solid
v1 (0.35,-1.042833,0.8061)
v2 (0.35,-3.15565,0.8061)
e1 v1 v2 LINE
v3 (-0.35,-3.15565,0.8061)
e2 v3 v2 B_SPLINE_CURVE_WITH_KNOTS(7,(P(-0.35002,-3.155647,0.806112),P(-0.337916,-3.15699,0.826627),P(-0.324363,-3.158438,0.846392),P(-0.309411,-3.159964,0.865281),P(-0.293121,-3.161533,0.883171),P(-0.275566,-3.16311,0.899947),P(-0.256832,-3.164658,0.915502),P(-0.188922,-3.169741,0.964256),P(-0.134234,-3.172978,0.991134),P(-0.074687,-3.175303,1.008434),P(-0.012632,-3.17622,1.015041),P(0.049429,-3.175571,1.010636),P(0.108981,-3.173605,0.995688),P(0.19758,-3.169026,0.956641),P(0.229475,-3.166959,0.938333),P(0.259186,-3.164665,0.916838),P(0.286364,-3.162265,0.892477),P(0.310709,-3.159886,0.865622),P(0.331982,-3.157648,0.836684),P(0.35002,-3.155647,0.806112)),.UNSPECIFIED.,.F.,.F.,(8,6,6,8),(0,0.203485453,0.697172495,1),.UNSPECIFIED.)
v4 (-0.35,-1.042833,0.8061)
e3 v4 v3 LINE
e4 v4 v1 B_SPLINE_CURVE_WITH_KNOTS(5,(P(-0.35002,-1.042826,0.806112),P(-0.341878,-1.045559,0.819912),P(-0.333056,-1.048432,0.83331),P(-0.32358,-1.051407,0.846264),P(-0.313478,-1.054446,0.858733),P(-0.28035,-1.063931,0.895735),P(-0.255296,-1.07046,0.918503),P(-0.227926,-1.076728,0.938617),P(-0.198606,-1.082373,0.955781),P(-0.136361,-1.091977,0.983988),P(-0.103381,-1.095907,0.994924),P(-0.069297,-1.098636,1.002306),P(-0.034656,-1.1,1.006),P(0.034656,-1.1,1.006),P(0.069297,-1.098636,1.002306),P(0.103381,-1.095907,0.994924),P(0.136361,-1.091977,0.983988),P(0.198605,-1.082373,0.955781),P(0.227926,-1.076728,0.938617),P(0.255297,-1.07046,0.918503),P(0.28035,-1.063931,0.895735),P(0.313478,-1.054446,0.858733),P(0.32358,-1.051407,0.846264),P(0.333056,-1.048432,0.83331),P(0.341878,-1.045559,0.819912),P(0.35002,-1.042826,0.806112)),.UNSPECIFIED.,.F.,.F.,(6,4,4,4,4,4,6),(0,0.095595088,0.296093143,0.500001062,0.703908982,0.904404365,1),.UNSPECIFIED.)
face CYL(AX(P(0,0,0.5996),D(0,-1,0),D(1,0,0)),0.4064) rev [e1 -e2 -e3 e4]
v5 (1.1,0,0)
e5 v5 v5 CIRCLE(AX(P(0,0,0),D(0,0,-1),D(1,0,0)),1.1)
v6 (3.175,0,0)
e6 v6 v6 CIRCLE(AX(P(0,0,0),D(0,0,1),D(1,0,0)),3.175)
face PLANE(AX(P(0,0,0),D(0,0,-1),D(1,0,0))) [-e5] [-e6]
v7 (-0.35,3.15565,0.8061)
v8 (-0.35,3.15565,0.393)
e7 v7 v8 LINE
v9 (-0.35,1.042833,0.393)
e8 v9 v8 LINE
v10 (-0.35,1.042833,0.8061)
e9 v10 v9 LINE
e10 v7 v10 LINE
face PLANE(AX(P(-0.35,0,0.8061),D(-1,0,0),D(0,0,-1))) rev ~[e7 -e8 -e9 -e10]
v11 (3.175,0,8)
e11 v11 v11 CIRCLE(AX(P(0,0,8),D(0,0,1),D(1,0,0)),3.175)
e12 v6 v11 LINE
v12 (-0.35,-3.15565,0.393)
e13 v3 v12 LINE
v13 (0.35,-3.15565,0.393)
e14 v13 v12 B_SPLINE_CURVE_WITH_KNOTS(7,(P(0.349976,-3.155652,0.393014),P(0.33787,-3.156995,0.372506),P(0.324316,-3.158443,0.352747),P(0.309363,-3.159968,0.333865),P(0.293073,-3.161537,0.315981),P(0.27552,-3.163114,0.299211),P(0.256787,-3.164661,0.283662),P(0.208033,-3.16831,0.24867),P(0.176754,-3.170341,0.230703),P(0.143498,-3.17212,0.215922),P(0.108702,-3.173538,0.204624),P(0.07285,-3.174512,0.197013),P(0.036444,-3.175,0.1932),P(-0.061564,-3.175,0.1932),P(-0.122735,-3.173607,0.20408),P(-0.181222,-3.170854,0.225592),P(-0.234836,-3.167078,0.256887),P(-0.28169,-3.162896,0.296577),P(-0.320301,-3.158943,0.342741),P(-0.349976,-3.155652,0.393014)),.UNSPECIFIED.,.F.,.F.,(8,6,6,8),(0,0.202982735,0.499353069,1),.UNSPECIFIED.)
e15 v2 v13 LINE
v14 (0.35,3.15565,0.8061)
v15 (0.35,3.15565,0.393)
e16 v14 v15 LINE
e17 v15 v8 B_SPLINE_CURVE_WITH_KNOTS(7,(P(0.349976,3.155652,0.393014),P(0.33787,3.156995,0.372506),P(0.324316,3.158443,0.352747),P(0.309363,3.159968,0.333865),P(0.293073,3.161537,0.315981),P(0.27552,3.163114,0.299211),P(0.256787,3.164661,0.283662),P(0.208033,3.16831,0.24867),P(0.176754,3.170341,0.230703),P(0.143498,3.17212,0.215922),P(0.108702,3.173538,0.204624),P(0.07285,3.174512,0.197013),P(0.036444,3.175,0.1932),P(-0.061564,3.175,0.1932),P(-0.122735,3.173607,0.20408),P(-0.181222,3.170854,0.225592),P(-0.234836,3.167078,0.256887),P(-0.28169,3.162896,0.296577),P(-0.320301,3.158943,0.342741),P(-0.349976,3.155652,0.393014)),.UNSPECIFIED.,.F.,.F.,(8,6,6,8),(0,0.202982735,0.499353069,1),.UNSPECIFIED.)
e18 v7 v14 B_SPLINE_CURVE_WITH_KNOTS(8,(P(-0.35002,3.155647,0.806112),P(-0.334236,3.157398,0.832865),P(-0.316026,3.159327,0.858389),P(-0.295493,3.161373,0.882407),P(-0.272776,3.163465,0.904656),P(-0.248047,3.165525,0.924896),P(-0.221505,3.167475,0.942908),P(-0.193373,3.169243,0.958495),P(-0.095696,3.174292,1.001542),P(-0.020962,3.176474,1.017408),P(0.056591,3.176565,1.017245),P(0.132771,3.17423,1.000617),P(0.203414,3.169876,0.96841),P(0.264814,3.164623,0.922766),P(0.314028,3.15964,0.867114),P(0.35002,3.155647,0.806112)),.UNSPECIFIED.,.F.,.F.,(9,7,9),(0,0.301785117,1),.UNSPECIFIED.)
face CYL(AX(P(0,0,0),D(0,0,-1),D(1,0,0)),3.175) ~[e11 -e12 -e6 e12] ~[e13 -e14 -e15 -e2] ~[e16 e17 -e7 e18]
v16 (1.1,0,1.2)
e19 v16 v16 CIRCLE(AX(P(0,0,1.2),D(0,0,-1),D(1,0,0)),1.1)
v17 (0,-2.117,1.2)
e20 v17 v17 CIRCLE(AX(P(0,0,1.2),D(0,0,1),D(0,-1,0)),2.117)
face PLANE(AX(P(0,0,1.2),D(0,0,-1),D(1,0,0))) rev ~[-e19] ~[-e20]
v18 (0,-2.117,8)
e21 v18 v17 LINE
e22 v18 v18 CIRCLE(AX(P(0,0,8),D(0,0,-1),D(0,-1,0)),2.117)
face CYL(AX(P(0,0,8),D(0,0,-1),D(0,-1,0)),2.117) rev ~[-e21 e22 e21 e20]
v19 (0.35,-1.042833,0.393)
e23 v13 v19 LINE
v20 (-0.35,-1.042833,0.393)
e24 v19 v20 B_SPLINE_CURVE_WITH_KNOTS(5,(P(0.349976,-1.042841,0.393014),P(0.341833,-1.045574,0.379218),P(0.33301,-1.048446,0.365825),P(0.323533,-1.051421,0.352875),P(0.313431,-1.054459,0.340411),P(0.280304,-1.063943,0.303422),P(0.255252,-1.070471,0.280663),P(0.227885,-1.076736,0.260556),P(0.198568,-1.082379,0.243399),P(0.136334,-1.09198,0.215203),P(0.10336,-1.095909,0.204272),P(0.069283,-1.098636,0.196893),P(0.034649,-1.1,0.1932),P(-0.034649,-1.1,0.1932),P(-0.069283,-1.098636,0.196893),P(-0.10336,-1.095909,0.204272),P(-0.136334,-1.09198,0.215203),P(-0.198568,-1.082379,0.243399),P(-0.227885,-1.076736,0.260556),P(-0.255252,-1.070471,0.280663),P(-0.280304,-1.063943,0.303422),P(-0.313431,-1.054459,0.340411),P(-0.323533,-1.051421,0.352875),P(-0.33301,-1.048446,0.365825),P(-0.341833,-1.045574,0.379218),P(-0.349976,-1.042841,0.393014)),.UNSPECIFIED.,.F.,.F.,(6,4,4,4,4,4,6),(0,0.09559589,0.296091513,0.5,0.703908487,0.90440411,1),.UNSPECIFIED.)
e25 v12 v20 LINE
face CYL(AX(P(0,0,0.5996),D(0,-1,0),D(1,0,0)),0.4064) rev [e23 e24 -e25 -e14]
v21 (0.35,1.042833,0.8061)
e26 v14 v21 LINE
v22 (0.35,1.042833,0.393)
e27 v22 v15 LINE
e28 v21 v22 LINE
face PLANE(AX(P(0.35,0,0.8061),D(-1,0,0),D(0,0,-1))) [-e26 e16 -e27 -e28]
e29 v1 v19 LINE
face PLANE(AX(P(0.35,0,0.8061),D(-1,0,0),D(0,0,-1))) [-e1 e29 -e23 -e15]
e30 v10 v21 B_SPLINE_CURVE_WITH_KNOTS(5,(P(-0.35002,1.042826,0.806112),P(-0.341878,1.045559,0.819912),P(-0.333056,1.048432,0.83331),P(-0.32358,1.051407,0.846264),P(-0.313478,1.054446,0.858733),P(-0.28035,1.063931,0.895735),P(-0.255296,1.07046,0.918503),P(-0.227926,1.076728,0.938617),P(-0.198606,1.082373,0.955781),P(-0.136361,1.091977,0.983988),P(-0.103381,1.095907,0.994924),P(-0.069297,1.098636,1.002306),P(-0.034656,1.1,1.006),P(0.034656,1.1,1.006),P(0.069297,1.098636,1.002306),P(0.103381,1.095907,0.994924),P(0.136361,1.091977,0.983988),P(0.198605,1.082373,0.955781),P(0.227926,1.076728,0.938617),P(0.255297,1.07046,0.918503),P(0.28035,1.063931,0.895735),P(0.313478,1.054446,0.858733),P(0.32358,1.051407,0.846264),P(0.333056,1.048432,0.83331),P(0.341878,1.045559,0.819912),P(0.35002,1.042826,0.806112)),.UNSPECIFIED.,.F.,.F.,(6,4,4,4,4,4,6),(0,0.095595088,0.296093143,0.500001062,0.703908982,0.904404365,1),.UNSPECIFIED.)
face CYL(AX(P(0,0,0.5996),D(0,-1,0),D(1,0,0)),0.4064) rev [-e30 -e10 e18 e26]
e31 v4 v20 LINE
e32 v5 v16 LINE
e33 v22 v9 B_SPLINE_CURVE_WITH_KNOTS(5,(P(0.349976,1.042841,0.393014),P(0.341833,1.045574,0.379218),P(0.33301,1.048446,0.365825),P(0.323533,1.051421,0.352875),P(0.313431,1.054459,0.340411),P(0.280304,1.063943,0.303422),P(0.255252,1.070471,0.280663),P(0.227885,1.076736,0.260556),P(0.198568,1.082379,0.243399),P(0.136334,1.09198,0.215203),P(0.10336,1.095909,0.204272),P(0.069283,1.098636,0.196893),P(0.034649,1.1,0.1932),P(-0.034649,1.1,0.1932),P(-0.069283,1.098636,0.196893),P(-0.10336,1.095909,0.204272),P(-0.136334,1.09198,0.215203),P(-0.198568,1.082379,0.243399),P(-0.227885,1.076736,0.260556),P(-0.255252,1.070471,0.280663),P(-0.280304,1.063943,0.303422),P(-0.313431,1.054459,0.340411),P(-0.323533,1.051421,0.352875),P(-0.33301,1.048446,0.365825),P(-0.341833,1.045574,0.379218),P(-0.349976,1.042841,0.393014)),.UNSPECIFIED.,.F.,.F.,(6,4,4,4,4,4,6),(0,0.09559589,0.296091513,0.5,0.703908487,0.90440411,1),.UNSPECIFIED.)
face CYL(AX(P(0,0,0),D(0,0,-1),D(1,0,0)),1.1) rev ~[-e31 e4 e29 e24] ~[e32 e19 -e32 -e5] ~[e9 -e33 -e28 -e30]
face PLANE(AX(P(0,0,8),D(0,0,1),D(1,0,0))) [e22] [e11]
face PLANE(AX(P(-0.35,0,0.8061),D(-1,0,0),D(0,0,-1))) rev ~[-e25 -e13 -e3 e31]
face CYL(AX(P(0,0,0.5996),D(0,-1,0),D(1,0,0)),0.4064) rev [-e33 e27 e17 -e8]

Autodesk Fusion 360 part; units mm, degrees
sketch "Sketch1" plane through (0, 0, 0) normal (0, 0, 1) x (1, 0, 0)
  circle A0 centre (0, 0) radius 3.175
  dimension "d1" = 6.35
extrude "Extrude1" add sketch "Sketch1" along normal blind 8
sketch "Sketch2" plane through (0, 0, 8) normal (0, 0, 1) x (-1, 0, 0)
  circle A0 centre (0, 0) radius 3.175
  circle A1 centre (0, 0) radius 2
hole "Hole1" at (0, 0, 8) direction (0, 0, -1) diameter 4.234 depth 8 tip angle 180
thread "Thread1" "ISO Metric profile 5.0 M5x0.8 6H" major diameter 5.12 minor diameter 4.234 pitch 0.8 angle 60 resizes the face on face at (0.2108, -2.1065, 5.3333) from (0, 0, 8) to (0, 0, 1.5)
sketch "Sketch4" plane through (0, 0, 0) normal (1, 0, 0) x (0, 1, 0)
  line L0 (3.175, 8) -> (-3.175, 8)
sketch "Sketch5" plane through (0, 0, 0) normal (0, 0, -1) x (1, 0, 0)
  circle A0 centre (0, 0) radius 2.117
  circle A1 centre (0, 0) radius 3.175
  circle A2 centre (0, 0) radius 3.5
  circle A3 centre (0, 0) radius 2.117
  circle A4 centre (0, 0) radius 1.1
  dimension "d17" = 7
  dimension "d18" = 4.234
  dimension "d19" = 2.2
extrude "Extrude3" add sketch "Sketch5" against normal blind 1.2 contours A0 A3
sketch "Sketch3" plane through (0, 0, 0) normal (0, 1, 0) x (1, 0, 0)
  line L0 (-0.5, -0.1) -> (0.5, -0.1)
  line L1 (0.5, -0.1) -> (0.5, -1.1)
  line L2 (0.5, -1.1) -> (-0.5, -1.1)
  line L3 (-0.5, -1.1) -> (-0.5, -0.1)
  line L4 (0, -1.75) -> (0, -22.5)
  line L5 (1.75, 0) -> (22.5, 0)
  circle A0 centre (0, -0.5996) radius 0.4064
  line L6 (0, -0.5996) -> (0, -1.1) construction
  line L7 (-0.35, -0.8061) -> (-0.35, -0.393)
  line L8 (0.35, -0.8061) -> (0.35, -0.393)
  dimension "d9" = 1
  dimension "d10" = 1
  dimension "d15" = 0.1
  dimension "d16" = 0.8128
  dimension "d24" = 0.4996
  dimension "d25" = 0.35
extrude "Extrude2" cut sketch "Sketch3" along normal mid plane 9 contours A0 L7 L8
fillet "Fillet2" [suppressed]
